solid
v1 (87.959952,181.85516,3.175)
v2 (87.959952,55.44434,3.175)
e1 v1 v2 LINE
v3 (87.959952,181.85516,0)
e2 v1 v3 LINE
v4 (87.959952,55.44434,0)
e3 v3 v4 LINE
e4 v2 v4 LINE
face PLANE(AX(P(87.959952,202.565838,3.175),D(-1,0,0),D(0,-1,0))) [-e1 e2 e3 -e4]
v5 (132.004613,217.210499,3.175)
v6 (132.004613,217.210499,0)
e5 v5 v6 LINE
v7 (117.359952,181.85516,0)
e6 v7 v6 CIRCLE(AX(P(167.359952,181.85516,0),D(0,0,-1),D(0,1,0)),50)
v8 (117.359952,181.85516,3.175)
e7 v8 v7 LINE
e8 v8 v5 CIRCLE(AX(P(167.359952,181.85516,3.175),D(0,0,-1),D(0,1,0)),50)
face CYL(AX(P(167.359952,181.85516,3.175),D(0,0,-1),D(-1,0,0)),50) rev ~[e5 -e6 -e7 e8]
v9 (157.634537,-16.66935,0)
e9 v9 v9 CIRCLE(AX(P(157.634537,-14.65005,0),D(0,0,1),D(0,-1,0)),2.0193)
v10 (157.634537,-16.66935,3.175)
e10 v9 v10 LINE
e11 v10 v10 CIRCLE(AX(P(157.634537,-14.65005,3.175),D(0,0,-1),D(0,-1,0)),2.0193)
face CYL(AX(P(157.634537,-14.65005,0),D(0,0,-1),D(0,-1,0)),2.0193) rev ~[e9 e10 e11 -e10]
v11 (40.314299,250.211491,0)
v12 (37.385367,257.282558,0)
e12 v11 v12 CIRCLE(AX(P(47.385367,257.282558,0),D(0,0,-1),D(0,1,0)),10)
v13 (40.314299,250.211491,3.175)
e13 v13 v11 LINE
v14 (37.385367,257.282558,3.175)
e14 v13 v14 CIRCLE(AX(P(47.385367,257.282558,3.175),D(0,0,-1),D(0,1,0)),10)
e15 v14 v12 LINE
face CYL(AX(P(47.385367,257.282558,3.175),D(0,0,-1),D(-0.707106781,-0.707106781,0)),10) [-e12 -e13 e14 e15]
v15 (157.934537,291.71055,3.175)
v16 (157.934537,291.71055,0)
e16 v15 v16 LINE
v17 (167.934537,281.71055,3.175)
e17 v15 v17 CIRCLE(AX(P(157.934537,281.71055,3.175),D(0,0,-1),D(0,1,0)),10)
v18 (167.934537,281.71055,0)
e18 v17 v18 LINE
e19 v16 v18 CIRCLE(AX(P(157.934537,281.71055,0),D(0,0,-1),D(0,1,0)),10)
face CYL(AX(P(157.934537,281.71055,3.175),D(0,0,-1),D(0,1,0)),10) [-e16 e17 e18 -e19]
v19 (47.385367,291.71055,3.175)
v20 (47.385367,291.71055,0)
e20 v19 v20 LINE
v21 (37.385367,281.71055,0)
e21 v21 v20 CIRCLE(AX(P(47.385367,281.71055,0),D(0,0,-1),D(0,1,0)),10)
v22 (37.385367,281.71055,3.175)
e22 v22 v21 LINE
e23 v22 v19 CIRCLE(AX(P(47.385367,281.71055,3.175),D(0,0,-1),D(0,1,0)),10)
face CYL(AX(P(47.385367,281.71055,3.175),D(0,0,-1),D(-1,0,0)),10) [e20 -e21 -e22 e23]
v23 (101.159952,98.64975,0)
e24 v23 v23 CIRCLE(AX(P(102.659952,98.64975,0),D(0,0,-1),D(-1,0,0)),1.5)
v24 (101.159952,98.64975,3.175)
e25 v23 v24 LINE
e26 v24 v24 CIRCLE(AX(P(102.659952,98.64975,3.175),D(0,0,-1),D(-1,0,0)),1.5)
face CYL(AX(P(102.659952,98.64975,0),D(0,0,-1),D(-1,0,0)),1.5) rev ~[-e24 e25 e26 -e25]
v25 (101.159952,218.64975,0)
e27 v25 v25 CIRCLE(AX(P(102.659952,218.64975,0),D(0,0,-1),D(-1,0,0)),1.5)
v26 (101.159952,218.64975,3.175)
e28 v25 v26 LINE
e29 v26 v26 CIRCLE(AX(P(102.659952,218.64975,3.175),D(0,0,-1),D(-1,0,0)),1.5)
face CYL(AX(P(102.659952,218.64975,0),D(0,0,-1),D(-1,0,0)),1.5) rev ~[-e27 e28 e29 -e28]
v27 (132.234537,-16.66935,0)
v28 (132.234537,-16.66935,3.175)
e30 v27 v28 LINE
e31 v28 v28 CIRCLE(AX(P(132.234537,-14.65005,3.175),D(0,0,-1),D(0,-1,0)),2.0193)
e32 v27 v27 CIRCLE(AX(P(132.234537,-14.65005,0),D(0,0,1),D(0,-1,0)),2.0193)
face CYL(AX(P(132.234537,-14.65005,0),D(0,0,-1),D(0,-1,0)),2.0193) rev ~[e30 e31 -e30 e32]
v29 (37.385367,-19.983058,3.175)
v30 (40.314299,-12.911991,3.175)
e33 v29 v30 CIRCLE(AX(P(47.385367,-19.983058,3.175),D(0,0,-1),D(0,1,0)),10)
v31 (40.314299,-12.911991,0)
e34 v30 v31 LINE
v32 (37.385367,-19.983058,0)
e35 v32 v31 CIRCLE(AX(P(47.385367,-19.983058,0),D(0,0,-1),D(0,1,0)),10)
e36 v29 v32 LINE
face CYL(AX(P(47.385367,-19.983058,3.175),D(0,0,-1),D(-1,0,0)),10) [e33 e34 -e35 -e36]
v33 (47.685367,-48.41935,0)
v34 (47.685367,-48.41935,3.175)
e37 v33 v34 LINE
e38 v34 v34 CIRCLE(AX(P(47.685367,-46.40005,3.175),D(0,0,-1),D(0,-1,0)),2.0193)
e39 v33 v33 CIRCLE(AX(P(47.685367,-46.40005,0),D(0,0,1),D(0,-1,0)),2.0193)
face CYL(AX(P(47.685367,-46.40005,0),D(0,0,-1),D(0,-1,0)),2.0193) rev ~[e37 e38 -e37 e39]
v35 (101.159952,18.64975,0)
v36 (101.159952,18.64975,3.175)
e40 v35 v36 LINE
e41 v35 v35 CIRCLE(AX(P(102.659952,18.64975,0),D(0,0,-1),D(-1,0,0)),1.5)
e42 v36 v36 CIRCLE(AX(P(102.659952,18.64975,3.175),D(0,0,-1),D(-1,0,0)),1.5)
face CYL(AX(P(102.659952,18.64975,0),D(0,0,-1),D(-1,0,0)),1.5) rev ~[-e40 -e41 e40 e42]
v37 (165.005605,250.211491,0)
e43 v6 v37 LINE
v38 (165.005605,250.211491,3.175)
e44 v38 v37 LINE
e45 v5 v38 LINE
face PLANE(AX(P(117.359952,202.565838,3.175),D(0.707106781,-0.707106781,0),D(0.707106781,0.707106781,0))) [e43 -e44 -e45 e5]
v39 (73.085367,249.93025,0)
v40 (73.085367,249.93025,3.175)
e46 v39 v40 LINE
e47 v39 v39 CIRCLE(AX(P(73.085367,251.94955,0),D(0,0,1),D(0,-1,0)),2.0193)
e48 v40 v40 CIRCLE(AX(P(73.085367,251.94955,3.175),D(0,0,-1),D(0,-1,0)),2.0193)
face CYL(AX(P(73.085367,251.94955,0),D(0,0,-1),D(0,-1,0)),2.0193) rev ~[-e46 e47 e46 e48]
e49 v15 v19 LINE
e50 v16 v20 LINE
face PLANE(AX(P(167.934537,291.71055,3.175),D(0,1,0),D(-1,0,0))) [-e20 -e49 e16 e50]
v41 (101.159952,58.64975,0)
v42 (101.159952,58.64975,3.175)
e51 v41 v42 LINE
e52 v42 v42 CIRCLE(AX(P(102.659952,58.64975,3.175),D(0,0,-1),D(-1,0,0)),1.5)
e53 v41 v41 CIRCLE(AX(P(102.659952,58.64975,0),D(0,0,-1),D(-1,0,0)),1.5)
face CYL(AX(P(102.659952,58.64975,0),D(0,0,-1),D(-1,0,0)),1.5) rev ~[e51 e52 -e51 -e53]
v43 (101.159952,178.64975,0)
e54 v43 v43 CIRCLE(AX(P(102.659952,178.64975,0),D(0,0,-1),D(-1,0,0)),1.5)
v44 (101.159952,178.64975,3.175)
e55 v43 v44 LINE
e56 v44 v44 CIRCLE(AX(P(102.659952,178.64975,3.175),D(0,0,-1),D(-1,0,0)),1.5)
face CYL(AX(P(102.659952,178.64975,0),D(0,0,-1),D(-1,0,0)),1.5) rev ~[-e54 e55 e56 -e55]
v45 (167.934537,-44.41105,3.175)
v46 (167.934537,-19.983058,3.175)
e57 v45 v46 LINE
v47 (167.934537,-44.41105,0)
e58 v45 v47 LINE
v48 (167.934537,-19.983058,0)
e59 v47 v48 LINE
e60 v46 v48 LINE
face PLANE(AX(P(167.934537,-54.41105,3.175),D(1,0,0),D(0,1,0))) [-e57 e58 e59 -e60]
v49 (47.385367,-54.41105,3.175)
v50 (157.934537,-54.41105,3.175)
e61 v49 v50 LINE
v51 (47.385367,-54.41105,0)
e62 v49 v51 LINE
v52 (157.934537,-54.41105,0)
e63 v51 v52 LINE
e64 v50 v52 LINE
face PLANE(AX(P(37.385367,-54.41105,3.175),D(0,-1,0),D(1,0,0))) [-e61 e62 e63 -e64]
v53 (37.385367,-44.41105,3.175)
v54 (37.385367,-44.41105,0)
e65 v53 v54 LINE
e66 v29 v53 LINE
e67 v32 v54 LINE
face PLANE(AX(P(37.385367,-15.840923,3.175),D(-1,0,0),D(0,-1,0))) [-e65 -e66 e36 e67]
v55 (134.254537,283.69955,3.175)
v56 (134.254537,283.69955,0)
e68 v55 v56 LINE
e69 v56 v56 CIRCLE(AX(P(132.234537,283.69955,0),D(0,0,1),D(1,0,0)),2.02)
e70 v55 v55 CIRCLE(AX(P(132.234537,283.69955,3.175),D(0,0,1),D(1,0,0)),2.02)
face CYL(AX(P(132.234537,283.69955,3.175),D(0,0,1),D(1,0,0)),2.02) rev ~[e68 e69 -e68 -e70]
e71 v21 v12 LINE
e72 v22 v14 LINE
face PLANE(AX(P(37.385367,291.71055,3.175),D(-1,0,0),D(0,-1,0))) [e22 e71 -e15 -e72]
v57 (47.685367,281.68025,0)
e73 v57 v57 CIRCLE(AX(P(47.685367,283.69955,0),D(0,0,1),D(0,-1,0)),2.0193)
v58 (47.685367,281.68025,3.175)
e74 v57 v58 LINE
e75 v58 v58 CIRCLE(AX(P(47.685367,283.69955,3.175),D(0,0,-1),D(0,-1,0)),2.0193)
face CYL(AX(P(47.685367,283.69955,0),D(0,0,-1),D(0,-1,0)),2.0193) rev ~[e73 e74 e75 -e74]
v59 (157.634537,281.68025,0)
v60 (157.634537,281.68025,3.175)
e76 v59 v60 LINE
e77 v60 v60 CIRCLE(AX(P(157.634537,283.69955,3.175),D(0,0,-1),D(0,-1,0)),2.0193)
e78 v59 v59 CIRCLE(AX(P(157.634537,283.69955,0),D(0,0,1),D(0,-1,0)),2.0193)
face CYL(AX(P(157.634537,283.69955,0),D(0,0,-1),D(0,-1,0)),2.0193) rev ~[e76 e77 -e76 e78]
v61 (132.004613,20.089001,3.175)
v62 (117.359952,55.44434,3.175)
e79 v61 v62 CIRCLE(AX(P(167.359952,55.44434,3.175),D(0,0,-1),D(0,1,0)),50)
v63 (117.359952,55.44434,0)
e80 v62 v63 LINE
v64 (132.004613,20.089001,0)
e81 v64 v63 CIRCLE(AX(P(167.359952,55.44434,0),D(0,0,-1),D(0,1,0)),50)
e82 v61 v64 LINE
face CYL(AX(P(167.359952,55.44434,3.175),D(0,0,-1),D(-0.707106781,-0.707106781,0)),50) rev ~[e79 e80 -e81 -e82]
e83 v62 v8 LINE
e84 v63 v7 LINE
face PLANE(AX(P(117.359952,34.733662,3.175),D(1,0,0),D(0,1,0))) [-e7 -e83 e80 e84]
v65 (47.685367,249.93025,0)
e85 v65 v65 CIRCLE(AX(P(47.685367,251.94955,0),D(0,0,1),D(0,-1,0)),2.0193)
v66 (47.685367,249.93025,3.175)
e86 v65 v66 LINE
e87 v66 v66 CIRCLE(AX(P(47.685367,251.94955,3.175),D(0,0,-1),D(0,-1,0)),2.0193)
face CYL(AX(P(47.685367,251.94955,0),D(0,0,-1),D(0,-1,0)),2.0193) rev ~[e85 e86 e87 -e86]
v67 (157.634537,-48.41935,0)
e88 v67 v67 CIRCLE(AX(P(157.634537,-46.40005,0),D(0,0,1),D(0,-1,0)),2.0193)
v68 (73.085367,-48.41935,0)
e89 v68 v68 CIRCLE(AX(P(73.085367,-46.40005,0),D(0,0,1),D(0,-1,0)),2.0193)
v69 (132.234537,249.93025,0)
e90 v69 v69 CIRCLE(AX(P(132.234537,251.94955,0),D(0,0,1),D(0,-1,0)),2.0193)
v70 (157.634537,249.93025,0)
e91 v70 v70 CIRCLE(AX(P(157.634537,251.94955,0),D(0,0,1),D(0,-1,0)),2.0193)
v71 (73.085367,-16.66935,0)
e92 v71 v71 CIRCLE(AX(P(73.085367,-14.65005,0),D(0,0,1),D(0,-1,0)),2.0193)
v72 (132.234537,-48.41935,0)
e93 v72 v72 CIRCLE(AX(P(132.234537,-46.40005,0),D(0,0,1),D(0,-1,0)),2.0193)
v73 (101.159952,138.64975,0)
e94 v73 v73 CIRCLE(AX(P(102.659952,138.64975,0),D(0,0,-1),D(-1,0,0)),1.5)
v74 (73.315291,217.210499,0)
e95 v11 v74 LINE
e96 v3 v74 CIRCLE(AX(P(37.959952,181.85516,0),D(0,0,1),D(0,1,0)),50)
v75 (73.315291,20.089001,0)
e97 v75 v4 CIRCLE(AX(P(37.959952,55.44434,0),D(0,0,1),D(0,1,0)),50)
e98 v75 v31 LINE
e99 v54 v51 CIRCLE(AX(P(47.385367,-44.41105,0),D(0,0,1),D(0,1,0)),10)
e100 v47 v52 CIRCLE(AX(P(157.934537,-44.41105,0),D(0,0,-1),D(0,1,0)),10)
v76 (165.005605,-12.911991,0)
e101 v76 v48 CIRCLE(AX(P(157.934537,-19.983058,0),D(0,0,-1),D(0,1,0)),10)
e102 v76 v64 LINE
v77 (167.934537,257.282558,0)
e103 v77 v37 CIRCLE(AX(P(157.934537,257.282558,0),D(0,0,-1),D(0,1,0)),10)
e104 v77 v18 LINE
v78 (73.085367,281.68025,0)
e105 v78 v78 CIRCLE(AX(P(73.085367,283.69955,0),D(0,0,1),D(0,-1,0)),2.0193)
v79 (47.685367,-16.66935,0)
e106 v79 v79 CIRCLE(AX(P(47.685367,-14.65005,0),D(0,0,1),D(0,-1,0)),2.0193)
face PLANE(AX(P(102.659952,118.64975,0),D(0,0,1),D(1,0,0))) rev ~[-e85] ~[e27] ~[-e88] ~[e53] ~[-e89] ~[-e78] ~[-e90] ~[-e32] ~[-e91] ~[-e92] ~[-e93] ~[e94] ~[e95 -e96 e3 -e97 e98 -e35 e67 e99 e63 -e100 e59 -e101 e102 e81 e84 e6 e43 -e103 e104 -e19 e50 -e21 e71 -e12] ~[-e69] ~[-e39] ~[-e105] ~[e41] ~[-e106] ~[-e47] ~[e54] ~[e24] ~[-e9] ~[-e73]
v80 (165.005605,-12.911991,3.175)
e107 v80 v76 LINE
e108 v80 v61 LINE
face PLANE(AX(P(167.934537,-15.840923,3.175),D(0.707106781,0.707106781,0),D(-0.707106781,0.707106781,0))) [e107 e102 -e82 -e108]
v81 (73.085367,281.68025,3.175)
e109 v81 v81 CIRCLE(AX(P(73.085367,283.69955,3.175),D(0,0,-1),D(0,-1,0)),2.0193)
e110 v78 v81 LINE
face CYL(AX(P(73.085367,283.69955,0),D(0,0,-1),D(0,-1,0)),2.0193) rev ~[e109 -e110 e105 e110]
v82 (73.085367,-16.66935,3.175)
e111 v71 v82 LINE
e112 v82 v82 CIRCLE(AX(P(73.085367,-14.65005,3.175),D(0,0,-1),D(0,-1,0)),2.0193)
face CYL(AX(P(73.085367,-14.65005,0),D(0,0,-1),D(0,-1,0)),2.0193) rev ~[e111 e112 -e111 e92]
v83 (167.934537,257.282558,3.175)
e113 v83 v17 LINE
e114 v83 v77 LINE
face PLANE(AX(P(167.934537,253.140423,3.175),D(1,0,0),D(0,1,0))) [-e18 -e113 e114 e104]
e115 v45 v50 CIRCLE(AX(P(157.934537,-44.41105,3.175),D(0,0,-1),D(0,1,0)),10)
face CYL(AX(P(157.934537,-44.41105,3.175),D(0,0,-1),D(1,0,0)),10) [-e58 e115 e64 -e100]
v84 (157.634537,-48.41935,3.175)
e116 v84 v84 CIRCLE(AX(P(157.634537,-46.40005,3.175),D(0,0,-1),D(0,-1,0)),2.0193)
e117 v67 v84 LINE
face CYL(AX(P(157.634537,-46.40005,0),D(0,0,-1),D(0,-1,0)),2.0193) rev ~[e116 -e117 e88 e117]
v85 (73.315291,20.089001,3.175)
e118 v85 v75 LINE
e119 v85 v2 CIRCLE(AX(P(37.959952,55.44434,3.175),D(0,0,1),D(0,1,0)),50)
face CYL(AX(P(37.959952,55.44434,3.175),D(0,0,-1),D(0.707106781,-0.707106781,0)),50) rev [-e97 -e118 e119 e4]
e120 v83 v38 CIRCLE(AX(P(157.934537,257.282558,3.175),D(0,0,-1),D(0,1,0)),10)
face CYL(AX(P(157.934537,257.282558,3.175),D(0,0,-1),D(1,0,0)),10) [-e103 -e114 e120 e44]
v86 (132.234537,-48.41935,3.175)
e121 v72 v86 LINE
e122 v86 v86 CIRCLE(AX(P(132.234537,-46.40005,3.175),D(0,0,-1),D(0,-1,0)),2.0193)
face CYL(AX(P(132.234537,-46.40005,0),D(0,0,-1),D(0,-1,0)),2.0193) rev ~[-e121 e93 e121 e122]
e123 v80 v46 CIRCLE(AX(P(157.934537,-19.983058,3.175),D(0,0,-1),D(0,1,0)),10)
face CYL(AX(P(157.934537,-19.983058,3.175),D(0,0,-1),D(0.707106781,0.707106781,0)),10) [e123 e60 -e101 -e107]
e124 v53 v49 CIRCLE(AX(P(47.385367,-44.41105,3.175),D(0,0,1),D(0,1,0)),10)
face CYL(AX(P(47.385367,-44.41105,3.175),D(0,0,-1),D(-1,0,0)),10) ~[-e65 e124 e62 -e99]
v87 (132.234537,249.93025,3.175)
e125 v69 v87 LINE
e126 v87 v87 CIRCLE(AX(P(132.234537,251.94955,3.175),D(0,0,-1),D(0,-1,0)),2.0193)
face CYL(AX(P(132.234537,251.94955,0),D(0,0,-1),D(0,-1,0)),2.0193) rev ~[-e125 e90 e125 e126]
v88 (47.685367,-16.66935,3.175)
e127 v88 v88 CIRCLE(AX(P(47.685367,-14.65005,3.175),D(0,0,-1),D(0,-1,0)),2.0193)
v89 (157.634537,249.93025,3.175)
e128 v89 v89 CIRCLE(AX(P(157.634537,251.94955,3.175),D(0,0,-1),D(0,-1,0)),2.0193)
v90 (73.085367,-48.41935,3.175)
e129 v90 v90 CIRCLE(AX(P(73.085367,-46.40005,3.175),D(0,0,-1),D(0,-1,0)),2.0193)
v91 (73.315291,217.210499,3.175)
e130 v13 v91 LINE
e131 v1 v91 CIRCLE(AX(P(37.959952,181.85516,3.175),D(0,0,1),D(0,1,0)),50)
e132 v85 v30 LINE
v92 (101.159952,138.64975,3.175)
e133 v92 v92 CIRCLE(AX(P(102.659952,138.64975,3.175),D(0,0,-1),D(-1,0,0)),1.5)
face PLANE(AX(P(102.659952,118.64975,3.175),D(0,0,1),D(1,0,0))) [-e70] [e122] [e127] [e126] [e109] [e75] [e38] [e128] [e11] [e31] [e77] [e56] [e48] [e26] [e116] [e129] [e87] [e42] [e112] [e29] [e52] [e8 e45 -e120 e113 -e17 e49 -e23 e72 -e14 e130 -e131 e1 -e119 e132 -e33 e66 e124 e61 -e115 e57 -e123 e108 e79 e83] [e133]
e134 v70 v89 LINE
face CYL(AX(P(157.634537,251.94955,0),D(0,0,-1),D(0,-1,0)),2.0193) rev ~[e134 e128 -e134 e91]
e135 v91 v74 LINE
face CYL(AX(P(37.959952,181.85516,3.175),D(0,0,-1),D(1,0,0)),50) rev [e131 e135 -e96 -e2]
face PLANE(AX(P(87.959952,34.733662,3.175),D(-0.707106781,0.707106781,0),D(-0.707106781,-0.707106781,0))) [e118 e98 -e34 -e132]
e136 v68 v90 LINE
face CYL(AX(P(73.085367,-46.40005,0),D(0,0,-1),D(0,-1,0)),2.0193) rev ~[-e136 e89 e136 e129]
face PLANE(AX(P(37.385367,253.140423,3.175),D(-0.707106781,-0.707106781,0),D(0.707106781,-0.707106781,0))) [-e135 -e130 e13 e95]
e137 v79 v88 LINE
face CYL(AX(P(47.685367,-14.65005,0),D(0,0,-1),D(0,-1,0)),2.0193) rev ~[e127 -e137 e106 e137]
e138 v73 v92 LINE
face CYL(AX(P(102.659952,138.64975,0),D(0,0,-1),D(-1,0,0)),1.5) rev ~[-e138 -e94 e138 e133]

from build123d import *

# Parameters (mm, degrees)
BOSS_EXTRUDE1_DEPTH = 3.175
CUT_EXTRUDE1_DEPTH  = 10
SKETCH3_R           = 2.0193
BOSS_EXTRUDE2_DEPTH = 3.175
FILLET1_R           = 10
FILLET2_R           = 50
SKETCH4_R           = 2.02
CUT_EXTRUDE2_DEPTH  = 10
SKETCH5_R           = 1.5
CUT_EXTRUDE3_DEPTH  = 10


with BuildPart() as part:
    # Sketch1 → Boss-Extrude1 (new body)
    with BuildSketch(Plane.XY):
        Polygon((165.934536959, -16.66935), (157.315236959, -8.05005), (115.359952094, -8.05005), (89.959952094, -8.05005), (48.004667228, -8.05005), (39.385367228, -16.66935), (39.385367228, -40.05005), (39.385367228, -52.41105), (165.934536959, -56.67505), (165.934536959, -42.05005), align=None)
        with BuildLine():
            ThreePointArc((47.685367228, -44.38075), (49.704667228, -46.40005), (47.685367228, -48.41935))
            ThreePointArc((47.685367228, -48.41935), (45.666067228, -46.40005), (47.685367228, -44.38075))
        make_face(mode=Mode.SUBTRACT)
        with BuildLine():
            ThreePointArc((47.685367228, -12.63075), (49.704667228, -14.65005), (47.685367228, -16.66935))
            ThreePointArc((47.685367228, -16.66935), (45.666067228, -14.65005), (47.685367228, -12.63075))
        make_face(mode=Mode.SUBTRACT)
        with BuildLine():
            ThreePointArc((73.085367228, -44.38075), (75.104667228, -46.40005), (73.085367228, -48.41935))
            ThreePointArc((73.085367228, -48.41935), (71.066067228, -46.40005), (73.085367228, -44.38075))
        make_face(mode=Mode.SUBTRACT)
        with BuildLine():
            ThreePointArc((73.085367228, -12.63075), (75.104667228, -14.65005), (73.085367228, -16.66935))
            ThreePointArc((73.085367228, -16.66935), (71.066067228, -14.65005), (73.085367228, -12.63075))
        make_face(mode=Mode.SUBTRACT)
        with BuildLine():
            ThreePointArc((132.234536959, -44.38075), (134.253836959, -46.40005), (132.234536959, -48.41935))
            ThreePointArc((132.234536959, -48.41935), (130.215236959, -46.40005), (132.234536959, -44.38075))
        make_face(mode=Mode.SUBTRACT)
        with BuildLine():
            ThreePointArc((132.234536959, -12.63075), (134.253836959, -14.65005), (132.234536959, -16.66935))
            ThreePointArc((132.234536959, -16.66935), (130.215236959, -14.65005), (132.234536959, -12.63075))
        make_face(mode=Mode.SUBTRACT)
        with BuildLine():
            ThreePointArc((157.634536959, -44.38075), (159.653836959, -46.40005), (157.634536959, -48.41935))
            ThreePointArc((157.634536959, -48.41935), (155.615236959, -46.40005), (157.634536959, -44.38075))
        make_face(mode=Mode.SUBTRACT)
        with BuildLine():
            ThreePointArc((157.634536959, -12.63075), (159.653836959, -14.65005), (157.634536959, -16.66935))
            ThreePointArc((157.634536959, -16.66935), (155.615236959, -14.65005), (157.634536959, -12.63075))
        make_face(mode=Mode.SUBTRACT)
        Polygon((115.359952094, -8.05005), (157.315236959, -8.05005), (115.359952094, 33.905234866), align=None)
        Polygon((89.959952094, -8.05005), (115.359952094, -8.05005), (115.359952094, 33.905234866), (115.359952094, 203.394265134), (115.359952094, 245.34955), (89.959952094, 245.34955), (89.959952094, 203.394265134), (89.959952094, 33.905234866), align=None)
        Polygon((48.004667228, -8.05005), (89.959952094, -8.05005), (89.959952094, 33.905234866), align=None)
        Polygon((89.959952094, 245.34955), (115.359952094, 245.34955), (157.315236959, 245.34955), (165.934536959, 253.96885), (165.934536959, 279.34955), (165.934536959, 293.97455), (39.385367228, 289.71055), (39.385367228, 277.34955), (39.385367228, 253.96885), (48.004667228, 245.34955), align=None)
        with BuildLine():
            ThreePointArc((47.685367228, 253.96885), (49.704667228, 251.94955), (47.685367228, 249.93025))
            ThreePointArc((47.685367228, 249.93025), (45.666067228, 251.94955), (47.685367228, 253.96885))
        make_face(mode=Mode.SUBTRACT)
        with BuildLine():
            ThreePointArc((47.685367228, 285.71885), (49.704667228, 283.69955), (47.685367228, 281.68025))
            ThreePointArc((47.685367228, 281.68025), (45.666067228, 283.69955), (47.685367228, 285.71885))
        make_face(mode=Mode.SUBTRACT)
        with BuildLine():
            ThreePointArc((73.085367228, 253.96885), (75.104667228, 251.94955), (73.085367228, 249.93025))
            ThreePointArc((73.085367228, 249.93025), (71.066067228, 251.94955), (73.085367228, 253.96885))
        make_face(mode=Mode.SUBTRACT)
        with BuildLine():
            ThreePointArc((73.085367228, 285.71885), (75.104667228, 283.69955), (73.085367228, 281.68025))
            ThreePointArc((73.085367228, 281.68025), (71.066067228, 283.69955), (73.085367228, 285.71885))
        make_face(mode=Mode.SUBTRACT)
        with BuildLine():
            ThreePointArc((132.234536959, 253.96885), (134.253836959, 251.94955), (132.234536959, 249.93025))
            ThreePointArc((132.234536959, 249.93025), (130.215236959, 251.94955), (132.234536959, 253.96885))
        make_face(mode=Mode.SUBTRACT)
        with BuildLine():
            ThreePointArc((157.634536959, 253.96885), (159.653836959, 251.94955), (157.634536959, 249.93025))
            ThreePointArc((157.634536959, 249.93025), (155.615236959, 251.94955), (157.634536959, 253.96885))
        make_face(mode=Mode.SUBTRACT)
        with BuildLine():
            ThreePointArc((157.634536959, 285.71885), (159.653836959, 283.69955), (157.634536959, 281.68025))
            ThreePointArc((157.634536959, 281.68025), (155.615236959, 283.69955), (157.634536959, 285.71885))
        make_face(mode=Mode.SUBTRACT)
        Polygon((115.359952094, 245.34955), (115.359952094, 203.394265134), (157.315236959, 245.34955), align=None)
        Polygon((48.004667228, 245.34955), (89.959952094, 203.394265134), (89.959952094, 245.34955), align=None)
    extrude(amount=BOSS_EXTRUDE1_DEPTH)

    # Sketch2 → Cut-Extrude1 (cut)
    with BuildSketch(Plane.XY.offset(3.175)):
        Polygon((84.385367228, -52.41105), (39.385367228, -52.41105), (165.934536959, -56.67505), (165.934536959, -52.41105), (120.934536959, -52.41105), align=None)
        Polygon((120.934536959, 289.71055), (165.934536959, 289.71055), (165.934536959, 293.97455), (39.385367228, 289.71055), (84.385367228, 289.71055), align=None)
    extrude(amount=-CUT_EXTRUDE1_DEPTH, mode=Mode.SUBTRACT)

    # Sketch3 → Boss-Extrude2 (add)
    with BuildSketch(Plane.XY.offset(3.175)):
        Polygon((37.385367228, -15.840922875), (37.385367228, -54.41105), (167.934536959, -54.41105), (167.934536959, -15.840922875), (117.359952094, 34.73366199), (117.359952094, 202.56583801), (167.934536959, 253.140422875), (167.934536959, 291.71055), (37.385367228, 291.71055), (37.385367228, 253.140422875), (87.959952094, 202.56583801), (87.959952094, 34.73366199), align=None)
        with Locations((132.234536959, -46.40005)):
            Circle(SKETCH3_R, mode=Mode.SUBTRACT)
        with Locations((132.234536959, -14.65005)):
            Circle(SKETCH3_R, mode=Mode.SUBTRACT)
        with Locations((47.685367228, -14.65005)):
            Circle(SKETCH3_R, mode=Mode.SUBTRACT)
        with Locations((47.685367228, -46.40005)):
            Circle(SKETCH3_R, mode=Mode.SUBTRACT)
        with Locations((73.085367228, -46.40005)):
            Circle(SKETCH3_R, mode=Mode.SUBTRACT)
        with Locations((73.085367228, -14.65005)):
            Circle(SKETCH3_R, mode=Mode.SUBTRACT)
        with Locations((157.634536959, -14.65005)):
            Circle(SKETCH3_R, mode=Mode.SUBTRACT)
        with Locations((157.634536959, -46.40005)):
            Circle(SKETCH3_R, mode=Mode.SUBTRACT)
        with Locations((132.234536959, 251.94955)):
            Circle(SKETCH3_R, mode=Mode.SUBTRACT)
        with Locations((73.085367228, 251.94955)):
            Circle(SKETCH3_R, mode=Mode.SUBTRACT)
        with Locations((157.634536959, 251.94955)):
            Circle(SKETCH3_R, mode=Mode.SUBTRACT)
        with Locations((47.685367228, 251.94955)):
            Circle(SKETCH3_R, mode=Mode.SUBTRACT)
        with Locations((47.685367228, 283.69955)):
            Circle(SKETCH3_R, mode=Mode.SUBTRACT)
        with Locations((73.085367228, 283.69955)):
            Circle(SKETCH3_R, mode=Mode.SUBTRACT)
        with Locations((157.634536959, 283.69955)):
            Circle(SKETCH3_R, mode=Mode.SUBTRACT)
    extrude(amount=-BOSS_EXTRUDE2_DEPTH)

    # Fillet1
    fillet1_edges = [part.edges().sort_by_distance(p)[0] for p in [
        (37.385367228, -54.41105, 1.5875),
        (167.934536959, -54.41105, 1.5875),
        (167.934536959, -15.840922875, 1.5875),
        (167.934536959, 253.140422875, 1.5875),
        (167.934536959, 291.71055, 1.5875),
        (37.385367228, 291.71055, 1.5875),
        (37.385367228, 253.140422875, 1.5875),
        (37.385367228, -15.840922875, 1.5875),
    ]]
    fillet(fillet1_edges, radius=FILLET1_R)

    # Fillet2
    fillet2_edges = [part.edges().sort_by_distance(p)[0] for p in [
        (117.359952094, 34.73366199, 1.5875),
        (117.359952094, 202.56583801, 1.5875),
        (87.959952094, 202.56583801, 1.5875),
        (87.959952094, 34.73366199, 1.5875),
    ]]
    fillet(fillet2_edges, radius=FILLET2_R)

    # Sketch4 → Cut-Extrude2 (cut)
    with BuildSketch(Plane.XY.offset(3.175)):
        with Locations((132.234536959, 283.69955)):
            Circle(SKETCH4_R)
    extrude(amount=-CUT_EXTRUDE2_DEPTH, mode=Mode.SUBTRACT)

    # Sketch5 → Cut-Extrude3 (cut)
    with BuildSketch(Plane(origin=(0, 0, 0), x_dir=(-1, 0, 0), z_dir=(0, 0, -1))):
        with Locations((-102.659952094, 58.64975)):
            Circle(SKETCH5_R)
        with Locations((-102.659952094, 98.64975)):
            Circle(SKETCH5_R)
        with Locations((-102.659952094, 138.64975)):
            Circle(SKETCH5_R)
        with Locations((-102.659952094, 178.64975)):
            Circle(SKETCH5_R)
        with Locations((-102.659952094, 18.64975)):
            Circle(SKETCH5_R)
        with Locations((-102.659952094, 218.64975)):
            Circle(SKETCH5_R)
    extrude(amount=-CUT_EXTRUDE3_DEPTH, mode=Mode.SUBTRACT)


solid = part.part
